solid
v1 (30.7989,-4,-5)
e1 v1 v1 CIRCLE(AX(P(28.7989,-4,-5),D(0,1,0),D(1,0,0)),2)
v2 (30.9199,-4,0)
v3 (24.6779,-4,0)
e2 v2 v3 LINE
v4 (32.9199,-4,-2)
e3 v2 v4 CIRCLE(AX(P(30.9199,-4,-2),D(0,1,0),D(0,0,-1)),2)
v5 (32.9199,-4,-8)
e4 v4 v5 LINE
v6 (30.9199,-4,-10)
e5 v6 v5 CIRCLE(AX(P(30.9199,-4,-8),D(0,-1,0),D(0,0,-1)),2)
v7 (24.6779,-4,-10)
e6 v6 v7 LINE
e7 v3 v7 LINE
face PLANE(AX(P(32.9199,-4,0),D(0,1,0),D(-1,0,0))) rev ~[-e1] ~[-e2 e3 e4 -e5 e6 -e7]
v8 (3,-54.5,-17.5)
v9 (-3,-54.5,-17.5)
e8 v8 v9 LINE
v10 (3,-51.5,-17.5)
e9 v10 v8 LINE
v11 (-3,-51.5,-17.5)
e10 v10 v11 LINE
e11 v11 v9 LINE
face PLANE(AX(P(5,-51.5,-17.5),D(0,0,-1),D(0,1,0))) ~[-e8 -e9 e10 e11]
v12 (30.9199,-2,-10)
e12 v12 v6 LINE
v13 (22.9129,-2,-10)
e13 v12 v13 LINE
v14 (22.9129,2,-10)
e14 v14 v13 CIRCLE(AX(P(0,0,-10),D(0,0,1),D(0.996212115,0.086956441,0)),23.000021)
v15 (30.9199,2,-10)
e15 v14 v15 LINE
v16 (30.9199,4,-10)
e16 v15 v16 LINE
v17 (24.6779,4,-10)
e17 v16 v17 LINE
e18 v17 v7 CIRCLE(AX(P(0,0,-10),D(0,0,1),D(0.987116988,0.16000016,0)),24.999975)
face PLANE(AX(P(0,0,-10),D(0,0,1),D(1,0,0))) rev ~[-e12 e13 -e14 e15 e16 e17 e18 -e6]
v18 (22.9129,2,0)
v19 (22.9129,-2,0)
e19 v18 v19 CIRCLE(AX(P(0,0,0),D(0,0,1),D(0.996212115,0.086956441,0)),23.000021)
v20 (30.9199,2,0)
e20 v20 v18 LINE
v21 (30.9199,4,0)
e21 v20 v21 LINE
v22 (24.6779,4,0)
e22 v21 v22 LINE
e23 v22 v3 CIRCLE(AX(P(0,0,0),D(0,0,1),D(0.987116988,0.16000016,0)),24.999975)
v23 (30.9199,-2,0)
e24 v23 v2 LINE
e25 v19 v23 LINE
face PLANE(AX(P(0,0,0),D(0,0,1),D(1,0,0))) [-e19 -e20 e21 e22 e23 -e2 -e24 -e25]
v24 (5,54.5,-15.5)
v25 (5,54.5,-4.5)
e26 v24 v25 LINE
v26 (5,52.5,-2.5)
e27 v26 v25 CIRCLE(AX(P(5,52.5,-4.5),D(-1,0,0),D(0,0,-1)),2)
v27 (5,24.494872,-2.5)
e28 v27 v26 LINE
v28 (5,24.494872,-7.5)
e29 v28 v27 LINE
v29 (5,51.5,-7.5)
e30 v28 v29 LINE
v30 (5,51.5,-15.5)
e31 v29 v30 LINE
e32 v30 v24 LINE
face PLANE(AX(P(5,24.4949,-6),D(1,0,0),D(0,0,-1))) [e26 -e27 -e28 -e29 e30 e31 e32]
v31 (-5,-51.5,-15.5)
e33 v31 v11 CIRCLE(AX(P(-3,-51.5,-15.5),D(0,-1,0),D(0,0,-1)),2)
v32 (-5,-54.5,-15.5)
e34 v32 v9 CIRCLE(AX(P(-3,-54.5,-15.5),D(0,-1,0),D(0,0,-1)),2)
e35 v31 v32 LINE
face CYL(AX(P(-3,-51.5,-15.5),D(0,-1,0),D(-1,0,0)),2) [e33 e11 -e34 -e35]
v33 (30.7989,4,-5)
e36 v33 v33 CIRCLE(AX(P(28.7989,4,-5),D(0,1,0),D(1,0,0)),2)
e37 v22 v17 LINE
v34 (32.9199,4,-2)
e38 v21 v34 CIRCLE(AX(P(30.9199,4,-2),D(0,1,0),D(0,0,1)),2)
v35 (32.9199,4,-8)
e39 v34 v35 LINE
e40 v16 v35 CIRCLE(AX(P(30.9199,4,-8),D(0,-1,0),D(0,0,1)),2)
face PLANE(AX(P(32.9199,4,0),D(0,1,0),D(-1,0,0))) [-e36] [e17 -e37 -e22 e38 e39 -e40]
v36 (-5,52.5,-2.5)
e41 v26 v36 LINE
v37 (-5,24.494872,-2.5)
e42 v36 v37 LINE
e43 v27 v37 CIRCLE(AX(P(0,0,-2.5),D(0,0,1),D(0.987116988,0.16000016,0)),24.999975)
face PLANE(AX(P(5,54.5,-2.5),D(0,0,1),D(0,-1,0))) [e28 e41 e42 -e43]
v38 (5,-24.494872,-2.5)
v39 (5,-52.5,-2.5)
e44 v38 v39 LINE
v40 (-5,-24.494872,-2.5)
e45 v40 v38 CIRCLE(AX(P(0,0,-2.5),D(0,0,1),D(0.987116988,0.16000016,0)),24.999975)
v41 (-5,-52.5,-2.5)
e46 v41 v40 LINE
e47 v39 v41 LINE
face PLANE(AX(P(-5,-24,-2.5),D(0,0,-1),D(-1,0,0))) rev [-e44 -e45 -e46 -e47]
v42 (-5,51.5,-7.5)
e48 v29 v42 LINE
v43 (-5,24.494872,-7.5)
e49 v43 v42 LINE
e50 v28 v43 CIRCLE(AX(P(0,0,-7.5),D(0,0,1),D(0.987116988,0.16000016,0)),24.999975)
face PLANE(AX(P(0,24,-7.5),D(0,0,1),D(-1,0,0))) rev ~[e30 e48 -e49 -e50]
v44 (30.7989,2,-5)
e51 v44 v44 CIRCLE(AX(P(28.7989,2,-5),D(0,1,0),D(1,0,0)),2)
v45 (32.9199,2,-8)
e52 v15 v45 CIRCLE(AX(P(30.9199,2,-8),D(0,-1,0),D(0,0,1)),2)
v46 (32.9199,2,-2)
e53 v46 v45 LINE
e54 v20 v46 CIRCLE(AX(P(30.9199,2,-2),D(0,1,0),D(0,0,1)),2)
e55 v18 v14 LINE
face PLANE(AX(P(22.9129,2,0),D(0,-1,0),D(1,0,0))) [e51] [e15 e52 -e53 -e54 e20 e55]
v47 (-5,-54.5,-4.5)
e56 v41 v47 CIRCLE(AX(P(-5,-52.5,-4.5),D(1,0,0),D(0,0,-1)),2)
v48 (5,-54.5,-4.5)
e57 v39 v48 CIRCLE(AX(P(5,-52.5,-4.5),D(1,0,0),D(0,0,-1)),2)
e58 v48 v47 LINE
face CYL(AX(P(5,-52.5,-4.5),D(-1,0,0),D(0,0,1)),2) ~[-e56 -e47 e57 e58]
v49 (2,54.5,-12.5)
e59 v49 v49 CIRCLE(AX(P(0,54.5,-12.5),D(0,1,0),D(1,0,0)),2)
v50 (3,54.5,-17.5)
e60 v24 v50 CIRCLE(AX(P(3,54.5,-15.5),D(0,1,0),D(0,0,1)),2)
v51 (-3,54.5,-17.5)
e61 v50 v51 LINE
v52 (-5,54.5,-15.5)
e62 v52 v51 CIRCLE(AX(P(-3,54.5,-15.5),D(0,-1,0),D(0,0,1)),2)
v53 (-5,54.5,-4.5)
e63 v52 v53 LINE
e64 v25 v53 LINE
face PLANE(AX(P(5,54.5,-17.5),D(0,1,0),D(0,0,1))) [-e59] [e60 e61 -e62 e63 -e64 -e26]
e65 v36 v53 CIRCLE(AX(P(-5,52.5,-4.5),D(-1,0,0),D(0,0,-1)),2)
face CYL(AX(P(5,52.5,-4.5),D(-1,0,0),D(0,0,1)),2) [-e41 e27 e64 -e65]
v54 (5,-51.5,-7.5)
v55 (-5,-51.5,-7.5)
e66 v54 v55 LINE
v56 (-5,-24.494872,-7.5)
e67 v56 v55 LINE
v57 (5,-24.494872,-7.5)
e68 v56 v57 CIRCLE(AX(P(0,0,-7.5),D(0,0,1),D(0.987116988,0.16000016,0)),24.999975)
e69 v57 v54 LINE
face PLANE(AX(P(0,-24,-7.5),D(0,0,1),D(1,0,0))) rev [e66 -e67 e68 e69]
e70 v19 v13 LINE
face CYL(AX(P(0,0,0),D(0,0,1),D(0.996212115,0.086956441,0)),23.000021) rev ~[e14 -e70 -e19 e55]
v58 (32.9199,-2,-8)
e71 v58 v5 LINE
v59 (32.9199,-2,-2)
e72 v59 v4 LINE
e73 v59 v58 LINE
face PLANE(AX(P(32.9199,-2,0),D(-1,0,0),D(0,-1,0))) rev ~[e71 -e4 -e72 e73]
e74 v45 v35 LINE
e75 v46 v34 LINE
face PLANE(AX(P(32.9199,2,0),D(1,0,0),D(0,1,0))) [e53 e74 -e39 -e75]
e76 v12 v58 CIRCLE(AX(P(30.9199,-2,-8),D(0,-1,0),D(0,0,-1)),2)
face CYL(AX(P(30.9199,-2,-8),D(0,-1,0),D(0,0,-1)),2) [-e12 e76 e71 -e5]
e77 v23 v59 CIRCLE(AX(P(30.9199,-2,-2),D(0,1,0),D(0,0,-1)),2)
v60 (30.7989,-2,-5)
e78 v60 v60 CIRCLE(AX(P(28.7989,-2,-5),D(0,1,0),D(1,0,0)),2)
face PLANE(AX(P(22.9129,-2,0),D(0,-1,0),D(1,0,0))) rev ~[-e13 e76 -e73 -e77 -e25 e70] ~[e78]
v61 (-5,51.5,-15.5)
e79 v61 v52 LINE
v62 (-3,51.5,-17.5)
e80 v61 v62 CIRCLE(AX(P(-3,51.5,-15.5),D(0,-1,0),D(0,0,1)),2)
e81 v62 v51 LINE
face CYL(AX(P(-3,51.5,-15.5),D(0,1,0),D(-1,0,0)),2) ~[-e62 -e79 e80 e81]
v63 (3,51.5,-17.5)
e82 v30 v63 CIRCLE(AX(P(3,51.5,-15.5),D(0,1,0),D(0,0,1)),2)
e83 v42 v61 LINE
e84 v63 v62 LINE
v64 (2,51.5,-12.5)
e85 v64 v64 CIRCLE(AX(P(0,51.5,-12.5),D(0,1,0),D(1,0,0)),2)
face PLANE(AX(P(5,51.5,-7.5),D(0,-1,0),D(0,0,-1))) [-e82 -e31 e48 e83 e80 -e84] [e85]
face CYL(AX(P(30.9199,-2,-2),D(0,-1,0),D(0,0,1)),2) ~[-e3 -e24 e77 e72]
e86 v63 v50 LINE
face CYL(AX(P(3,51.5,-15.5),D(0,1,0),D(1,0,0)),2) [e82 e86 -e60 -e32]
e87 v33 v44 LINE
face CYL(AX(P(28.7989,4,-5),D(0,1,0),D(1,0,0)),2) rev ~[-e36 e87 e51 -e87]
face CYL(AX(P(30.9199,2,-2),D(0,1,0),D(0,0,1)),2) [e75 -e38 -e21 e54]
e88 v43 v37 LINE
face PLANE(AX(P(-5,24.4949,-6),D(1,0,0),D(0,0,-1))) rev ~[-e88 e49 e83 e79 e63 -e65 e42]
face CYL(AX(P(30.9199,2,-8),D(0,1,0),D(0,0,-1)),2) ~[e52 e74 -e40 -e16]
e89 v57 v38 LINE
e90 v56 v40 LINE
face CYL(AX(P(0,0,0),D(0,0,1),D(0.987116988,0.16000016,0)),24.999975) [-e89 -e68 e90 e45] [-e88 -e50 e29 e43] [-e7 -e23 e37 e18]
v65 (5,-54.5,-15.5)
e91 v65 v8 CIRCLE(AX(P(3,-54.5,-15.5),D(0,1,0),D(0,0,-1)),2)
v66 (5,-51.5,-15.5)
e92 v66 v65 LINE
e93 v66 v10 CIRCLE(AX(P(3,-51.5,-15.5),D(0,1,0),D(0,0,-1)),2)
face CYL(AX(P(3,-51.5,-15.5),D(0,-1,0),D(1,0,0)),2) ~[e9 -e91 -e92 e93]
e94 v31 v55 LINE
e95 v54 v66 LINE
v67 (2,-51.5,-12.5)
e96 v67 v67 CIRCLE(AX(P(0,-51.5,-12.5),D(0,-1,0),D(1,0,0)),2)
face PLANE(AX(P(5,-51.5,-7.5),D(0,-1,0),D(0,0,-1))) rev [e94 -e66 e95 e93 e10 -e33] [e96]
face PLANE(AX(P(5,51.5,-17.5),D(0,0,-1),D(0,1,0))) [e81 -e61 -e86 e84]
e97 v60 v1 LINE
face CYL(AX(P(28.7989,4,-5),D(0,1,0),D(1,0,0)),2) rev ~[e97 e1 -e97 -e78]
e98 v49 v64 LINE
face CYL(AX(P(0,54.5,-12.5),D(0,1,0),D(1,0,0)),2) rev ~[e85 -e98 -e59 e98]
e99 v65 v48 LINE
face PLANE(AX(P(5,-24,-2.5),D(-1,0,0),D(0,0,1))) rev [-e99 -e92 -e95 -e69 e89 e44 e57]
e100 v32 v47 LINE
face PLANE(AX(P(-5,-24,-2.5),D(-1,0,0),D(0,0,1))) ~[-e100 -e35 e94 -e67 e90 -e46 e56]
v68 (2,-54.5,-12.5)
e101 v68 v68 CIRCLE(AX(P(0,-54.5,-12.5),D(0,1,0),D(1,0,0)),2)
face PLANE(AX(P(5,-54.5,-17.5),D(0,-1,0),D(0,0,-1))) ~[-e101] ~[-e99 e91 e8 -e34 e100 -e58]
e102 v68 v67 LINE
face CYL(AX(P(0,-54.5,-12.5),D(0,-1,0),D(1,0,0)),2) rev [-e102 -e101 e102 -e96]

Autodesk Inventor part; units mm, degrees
ref_plane "XY Plane" through (0, 0, 0) normal (0, 0, 1) x (1, 0, 0)
sketch "Sketch1" plane through (0, 0, 0) normal (0, 0, 1) x (1, 0, 0)
  arc A0 (22.9129, 2) -> (22.9129, -2) centre (0, 0) ccw
  arc A1 (24.6779, 4) -> (24.6779, -4) centre (0, 0) ccw
  line L0 (22.9129, 2) -> (24.9199, 2)
  line L1 (22.9129, -2) -> (24.9199, -2)
  line L2 (24.9199, 2) -> (32.9199, 2)
  line L3 (32.9199, 2) -> (32.9199, 4)
  line L4 (32.9199, 4) -> (24.6779, 4)
  line L5 (24.9199, -2) -> (32.9199, -2)
  line L6 (32.9199, -2) -> (32.9199, -4)
  line L7 (32.9199, -4) -> (24.6779, -4)
  dimension "d0" = 46
  dimension "d1" = 50
  dimension "d7" = 2
  dimension "d9" = 2
extrude "Extrusion1" add sketch "Sketch1" against normal blind 10
sketch "Sketch2" plane through (24.6779, 4, 0) normal (0, 1, 0) x (1, 0, 0)
  line L0 (8.2419, 0) -> (0, 0) projected
  line L1 (8.2419, 0) -> (8.2419, 10) projected
  line L2 (0, 10) -> (8.2419, 10) projected
  line L3 (0, 0) -> (0, 10) projected
  circle A0 centre (4.121, 5) radius 2
  point P0 (-24.6779, 0)
  dimension "d12" = 4
extrude "Extrusion2" cut sketch "Sketch2" against normal blind 8.5 contours A0
ref_plane "Work Plane1" through (24.6779, 24, 0) normal (0, 1, 0) x (1, 0, 0)
sketch "Sketch3" plane through (24.6779, 24, 0) normal (0, 1, 0) x (1, 0, 0)
  line L0 (-24.6779, 0) -> (-24.6779, 10)
  line L1 (-19.6779, 7.5) -> (-29.6779, 7.5)
  line L2 (-29.6779, 2.5) -> (-19.6779, 2.5)
  line L3 (-19.6779, 2.5) -> (-19.6779, 7.5)
  line L4 (-29.6779, 2.5) -> (-29.6779, 7.5)
  point P0 (-24.6779, 5)
extrude "Extrusion3" add sketch "Sketch3" along normal blind 27.5
sketch "Sketch4" plane through (5, 24.4949, -6) normal (1, 0, 0) x (0, 0, -1)
  line L0 (1.5, 27.0051) -> (-3.5, 27.0051) projected
  line L1 (-3.5, 27.0051) -> (11.5, 27.0051)
  line L2 (11.5, 27.0051) -> (11.5, 30.0051)
  line L3 (11.5, 30.0051) -> (-3.5, 30.0051)
  line L4 (-3.5, 30.0051) -> (-3.5, 27.0051)
  point P0 (-6, -24.4949)
  dimension "d27" = 15
  dimension "d28" = 3
extrude "Extrusion4" add sketch "Sketch4" against normal blind 10
ref_plane "Work Plane2" through (0, 0, 0) normal (0.7071, -0.7071, 0) x (0, 0, -1)
sketch "Sketch5" plane through (5, 54.5, -2.5) normal (0, 1, 0) x (1, 0, 0)
  circle A0 centre (-5, 10) radius 2
  dimension "d29" = 4
extrude "Extrusion5" cut sketch "Sketch5" against normal blind 4
mirror "Mirror2" about plane through (0, 0, 0) normal (0, 1, 0) of "Extrusion4", "Extrusion5", "Extrusion3"
fillet "Fillet1" radius 2 10 edges at (0, 54.5, -2.5) (5, 53, -17.5) (-5, 53, -17.5) (5, -53, -17.5) (-5, -53, -17.5) (0, -54.5, -2.5) (32.9199, 3, 0) (32.9199, 3, -10) (32.9199, -3, 0) (32.9199, -3, -10)
properties part number "SupportBracket_BilgePumpMotor" material "ABS Plastic"
